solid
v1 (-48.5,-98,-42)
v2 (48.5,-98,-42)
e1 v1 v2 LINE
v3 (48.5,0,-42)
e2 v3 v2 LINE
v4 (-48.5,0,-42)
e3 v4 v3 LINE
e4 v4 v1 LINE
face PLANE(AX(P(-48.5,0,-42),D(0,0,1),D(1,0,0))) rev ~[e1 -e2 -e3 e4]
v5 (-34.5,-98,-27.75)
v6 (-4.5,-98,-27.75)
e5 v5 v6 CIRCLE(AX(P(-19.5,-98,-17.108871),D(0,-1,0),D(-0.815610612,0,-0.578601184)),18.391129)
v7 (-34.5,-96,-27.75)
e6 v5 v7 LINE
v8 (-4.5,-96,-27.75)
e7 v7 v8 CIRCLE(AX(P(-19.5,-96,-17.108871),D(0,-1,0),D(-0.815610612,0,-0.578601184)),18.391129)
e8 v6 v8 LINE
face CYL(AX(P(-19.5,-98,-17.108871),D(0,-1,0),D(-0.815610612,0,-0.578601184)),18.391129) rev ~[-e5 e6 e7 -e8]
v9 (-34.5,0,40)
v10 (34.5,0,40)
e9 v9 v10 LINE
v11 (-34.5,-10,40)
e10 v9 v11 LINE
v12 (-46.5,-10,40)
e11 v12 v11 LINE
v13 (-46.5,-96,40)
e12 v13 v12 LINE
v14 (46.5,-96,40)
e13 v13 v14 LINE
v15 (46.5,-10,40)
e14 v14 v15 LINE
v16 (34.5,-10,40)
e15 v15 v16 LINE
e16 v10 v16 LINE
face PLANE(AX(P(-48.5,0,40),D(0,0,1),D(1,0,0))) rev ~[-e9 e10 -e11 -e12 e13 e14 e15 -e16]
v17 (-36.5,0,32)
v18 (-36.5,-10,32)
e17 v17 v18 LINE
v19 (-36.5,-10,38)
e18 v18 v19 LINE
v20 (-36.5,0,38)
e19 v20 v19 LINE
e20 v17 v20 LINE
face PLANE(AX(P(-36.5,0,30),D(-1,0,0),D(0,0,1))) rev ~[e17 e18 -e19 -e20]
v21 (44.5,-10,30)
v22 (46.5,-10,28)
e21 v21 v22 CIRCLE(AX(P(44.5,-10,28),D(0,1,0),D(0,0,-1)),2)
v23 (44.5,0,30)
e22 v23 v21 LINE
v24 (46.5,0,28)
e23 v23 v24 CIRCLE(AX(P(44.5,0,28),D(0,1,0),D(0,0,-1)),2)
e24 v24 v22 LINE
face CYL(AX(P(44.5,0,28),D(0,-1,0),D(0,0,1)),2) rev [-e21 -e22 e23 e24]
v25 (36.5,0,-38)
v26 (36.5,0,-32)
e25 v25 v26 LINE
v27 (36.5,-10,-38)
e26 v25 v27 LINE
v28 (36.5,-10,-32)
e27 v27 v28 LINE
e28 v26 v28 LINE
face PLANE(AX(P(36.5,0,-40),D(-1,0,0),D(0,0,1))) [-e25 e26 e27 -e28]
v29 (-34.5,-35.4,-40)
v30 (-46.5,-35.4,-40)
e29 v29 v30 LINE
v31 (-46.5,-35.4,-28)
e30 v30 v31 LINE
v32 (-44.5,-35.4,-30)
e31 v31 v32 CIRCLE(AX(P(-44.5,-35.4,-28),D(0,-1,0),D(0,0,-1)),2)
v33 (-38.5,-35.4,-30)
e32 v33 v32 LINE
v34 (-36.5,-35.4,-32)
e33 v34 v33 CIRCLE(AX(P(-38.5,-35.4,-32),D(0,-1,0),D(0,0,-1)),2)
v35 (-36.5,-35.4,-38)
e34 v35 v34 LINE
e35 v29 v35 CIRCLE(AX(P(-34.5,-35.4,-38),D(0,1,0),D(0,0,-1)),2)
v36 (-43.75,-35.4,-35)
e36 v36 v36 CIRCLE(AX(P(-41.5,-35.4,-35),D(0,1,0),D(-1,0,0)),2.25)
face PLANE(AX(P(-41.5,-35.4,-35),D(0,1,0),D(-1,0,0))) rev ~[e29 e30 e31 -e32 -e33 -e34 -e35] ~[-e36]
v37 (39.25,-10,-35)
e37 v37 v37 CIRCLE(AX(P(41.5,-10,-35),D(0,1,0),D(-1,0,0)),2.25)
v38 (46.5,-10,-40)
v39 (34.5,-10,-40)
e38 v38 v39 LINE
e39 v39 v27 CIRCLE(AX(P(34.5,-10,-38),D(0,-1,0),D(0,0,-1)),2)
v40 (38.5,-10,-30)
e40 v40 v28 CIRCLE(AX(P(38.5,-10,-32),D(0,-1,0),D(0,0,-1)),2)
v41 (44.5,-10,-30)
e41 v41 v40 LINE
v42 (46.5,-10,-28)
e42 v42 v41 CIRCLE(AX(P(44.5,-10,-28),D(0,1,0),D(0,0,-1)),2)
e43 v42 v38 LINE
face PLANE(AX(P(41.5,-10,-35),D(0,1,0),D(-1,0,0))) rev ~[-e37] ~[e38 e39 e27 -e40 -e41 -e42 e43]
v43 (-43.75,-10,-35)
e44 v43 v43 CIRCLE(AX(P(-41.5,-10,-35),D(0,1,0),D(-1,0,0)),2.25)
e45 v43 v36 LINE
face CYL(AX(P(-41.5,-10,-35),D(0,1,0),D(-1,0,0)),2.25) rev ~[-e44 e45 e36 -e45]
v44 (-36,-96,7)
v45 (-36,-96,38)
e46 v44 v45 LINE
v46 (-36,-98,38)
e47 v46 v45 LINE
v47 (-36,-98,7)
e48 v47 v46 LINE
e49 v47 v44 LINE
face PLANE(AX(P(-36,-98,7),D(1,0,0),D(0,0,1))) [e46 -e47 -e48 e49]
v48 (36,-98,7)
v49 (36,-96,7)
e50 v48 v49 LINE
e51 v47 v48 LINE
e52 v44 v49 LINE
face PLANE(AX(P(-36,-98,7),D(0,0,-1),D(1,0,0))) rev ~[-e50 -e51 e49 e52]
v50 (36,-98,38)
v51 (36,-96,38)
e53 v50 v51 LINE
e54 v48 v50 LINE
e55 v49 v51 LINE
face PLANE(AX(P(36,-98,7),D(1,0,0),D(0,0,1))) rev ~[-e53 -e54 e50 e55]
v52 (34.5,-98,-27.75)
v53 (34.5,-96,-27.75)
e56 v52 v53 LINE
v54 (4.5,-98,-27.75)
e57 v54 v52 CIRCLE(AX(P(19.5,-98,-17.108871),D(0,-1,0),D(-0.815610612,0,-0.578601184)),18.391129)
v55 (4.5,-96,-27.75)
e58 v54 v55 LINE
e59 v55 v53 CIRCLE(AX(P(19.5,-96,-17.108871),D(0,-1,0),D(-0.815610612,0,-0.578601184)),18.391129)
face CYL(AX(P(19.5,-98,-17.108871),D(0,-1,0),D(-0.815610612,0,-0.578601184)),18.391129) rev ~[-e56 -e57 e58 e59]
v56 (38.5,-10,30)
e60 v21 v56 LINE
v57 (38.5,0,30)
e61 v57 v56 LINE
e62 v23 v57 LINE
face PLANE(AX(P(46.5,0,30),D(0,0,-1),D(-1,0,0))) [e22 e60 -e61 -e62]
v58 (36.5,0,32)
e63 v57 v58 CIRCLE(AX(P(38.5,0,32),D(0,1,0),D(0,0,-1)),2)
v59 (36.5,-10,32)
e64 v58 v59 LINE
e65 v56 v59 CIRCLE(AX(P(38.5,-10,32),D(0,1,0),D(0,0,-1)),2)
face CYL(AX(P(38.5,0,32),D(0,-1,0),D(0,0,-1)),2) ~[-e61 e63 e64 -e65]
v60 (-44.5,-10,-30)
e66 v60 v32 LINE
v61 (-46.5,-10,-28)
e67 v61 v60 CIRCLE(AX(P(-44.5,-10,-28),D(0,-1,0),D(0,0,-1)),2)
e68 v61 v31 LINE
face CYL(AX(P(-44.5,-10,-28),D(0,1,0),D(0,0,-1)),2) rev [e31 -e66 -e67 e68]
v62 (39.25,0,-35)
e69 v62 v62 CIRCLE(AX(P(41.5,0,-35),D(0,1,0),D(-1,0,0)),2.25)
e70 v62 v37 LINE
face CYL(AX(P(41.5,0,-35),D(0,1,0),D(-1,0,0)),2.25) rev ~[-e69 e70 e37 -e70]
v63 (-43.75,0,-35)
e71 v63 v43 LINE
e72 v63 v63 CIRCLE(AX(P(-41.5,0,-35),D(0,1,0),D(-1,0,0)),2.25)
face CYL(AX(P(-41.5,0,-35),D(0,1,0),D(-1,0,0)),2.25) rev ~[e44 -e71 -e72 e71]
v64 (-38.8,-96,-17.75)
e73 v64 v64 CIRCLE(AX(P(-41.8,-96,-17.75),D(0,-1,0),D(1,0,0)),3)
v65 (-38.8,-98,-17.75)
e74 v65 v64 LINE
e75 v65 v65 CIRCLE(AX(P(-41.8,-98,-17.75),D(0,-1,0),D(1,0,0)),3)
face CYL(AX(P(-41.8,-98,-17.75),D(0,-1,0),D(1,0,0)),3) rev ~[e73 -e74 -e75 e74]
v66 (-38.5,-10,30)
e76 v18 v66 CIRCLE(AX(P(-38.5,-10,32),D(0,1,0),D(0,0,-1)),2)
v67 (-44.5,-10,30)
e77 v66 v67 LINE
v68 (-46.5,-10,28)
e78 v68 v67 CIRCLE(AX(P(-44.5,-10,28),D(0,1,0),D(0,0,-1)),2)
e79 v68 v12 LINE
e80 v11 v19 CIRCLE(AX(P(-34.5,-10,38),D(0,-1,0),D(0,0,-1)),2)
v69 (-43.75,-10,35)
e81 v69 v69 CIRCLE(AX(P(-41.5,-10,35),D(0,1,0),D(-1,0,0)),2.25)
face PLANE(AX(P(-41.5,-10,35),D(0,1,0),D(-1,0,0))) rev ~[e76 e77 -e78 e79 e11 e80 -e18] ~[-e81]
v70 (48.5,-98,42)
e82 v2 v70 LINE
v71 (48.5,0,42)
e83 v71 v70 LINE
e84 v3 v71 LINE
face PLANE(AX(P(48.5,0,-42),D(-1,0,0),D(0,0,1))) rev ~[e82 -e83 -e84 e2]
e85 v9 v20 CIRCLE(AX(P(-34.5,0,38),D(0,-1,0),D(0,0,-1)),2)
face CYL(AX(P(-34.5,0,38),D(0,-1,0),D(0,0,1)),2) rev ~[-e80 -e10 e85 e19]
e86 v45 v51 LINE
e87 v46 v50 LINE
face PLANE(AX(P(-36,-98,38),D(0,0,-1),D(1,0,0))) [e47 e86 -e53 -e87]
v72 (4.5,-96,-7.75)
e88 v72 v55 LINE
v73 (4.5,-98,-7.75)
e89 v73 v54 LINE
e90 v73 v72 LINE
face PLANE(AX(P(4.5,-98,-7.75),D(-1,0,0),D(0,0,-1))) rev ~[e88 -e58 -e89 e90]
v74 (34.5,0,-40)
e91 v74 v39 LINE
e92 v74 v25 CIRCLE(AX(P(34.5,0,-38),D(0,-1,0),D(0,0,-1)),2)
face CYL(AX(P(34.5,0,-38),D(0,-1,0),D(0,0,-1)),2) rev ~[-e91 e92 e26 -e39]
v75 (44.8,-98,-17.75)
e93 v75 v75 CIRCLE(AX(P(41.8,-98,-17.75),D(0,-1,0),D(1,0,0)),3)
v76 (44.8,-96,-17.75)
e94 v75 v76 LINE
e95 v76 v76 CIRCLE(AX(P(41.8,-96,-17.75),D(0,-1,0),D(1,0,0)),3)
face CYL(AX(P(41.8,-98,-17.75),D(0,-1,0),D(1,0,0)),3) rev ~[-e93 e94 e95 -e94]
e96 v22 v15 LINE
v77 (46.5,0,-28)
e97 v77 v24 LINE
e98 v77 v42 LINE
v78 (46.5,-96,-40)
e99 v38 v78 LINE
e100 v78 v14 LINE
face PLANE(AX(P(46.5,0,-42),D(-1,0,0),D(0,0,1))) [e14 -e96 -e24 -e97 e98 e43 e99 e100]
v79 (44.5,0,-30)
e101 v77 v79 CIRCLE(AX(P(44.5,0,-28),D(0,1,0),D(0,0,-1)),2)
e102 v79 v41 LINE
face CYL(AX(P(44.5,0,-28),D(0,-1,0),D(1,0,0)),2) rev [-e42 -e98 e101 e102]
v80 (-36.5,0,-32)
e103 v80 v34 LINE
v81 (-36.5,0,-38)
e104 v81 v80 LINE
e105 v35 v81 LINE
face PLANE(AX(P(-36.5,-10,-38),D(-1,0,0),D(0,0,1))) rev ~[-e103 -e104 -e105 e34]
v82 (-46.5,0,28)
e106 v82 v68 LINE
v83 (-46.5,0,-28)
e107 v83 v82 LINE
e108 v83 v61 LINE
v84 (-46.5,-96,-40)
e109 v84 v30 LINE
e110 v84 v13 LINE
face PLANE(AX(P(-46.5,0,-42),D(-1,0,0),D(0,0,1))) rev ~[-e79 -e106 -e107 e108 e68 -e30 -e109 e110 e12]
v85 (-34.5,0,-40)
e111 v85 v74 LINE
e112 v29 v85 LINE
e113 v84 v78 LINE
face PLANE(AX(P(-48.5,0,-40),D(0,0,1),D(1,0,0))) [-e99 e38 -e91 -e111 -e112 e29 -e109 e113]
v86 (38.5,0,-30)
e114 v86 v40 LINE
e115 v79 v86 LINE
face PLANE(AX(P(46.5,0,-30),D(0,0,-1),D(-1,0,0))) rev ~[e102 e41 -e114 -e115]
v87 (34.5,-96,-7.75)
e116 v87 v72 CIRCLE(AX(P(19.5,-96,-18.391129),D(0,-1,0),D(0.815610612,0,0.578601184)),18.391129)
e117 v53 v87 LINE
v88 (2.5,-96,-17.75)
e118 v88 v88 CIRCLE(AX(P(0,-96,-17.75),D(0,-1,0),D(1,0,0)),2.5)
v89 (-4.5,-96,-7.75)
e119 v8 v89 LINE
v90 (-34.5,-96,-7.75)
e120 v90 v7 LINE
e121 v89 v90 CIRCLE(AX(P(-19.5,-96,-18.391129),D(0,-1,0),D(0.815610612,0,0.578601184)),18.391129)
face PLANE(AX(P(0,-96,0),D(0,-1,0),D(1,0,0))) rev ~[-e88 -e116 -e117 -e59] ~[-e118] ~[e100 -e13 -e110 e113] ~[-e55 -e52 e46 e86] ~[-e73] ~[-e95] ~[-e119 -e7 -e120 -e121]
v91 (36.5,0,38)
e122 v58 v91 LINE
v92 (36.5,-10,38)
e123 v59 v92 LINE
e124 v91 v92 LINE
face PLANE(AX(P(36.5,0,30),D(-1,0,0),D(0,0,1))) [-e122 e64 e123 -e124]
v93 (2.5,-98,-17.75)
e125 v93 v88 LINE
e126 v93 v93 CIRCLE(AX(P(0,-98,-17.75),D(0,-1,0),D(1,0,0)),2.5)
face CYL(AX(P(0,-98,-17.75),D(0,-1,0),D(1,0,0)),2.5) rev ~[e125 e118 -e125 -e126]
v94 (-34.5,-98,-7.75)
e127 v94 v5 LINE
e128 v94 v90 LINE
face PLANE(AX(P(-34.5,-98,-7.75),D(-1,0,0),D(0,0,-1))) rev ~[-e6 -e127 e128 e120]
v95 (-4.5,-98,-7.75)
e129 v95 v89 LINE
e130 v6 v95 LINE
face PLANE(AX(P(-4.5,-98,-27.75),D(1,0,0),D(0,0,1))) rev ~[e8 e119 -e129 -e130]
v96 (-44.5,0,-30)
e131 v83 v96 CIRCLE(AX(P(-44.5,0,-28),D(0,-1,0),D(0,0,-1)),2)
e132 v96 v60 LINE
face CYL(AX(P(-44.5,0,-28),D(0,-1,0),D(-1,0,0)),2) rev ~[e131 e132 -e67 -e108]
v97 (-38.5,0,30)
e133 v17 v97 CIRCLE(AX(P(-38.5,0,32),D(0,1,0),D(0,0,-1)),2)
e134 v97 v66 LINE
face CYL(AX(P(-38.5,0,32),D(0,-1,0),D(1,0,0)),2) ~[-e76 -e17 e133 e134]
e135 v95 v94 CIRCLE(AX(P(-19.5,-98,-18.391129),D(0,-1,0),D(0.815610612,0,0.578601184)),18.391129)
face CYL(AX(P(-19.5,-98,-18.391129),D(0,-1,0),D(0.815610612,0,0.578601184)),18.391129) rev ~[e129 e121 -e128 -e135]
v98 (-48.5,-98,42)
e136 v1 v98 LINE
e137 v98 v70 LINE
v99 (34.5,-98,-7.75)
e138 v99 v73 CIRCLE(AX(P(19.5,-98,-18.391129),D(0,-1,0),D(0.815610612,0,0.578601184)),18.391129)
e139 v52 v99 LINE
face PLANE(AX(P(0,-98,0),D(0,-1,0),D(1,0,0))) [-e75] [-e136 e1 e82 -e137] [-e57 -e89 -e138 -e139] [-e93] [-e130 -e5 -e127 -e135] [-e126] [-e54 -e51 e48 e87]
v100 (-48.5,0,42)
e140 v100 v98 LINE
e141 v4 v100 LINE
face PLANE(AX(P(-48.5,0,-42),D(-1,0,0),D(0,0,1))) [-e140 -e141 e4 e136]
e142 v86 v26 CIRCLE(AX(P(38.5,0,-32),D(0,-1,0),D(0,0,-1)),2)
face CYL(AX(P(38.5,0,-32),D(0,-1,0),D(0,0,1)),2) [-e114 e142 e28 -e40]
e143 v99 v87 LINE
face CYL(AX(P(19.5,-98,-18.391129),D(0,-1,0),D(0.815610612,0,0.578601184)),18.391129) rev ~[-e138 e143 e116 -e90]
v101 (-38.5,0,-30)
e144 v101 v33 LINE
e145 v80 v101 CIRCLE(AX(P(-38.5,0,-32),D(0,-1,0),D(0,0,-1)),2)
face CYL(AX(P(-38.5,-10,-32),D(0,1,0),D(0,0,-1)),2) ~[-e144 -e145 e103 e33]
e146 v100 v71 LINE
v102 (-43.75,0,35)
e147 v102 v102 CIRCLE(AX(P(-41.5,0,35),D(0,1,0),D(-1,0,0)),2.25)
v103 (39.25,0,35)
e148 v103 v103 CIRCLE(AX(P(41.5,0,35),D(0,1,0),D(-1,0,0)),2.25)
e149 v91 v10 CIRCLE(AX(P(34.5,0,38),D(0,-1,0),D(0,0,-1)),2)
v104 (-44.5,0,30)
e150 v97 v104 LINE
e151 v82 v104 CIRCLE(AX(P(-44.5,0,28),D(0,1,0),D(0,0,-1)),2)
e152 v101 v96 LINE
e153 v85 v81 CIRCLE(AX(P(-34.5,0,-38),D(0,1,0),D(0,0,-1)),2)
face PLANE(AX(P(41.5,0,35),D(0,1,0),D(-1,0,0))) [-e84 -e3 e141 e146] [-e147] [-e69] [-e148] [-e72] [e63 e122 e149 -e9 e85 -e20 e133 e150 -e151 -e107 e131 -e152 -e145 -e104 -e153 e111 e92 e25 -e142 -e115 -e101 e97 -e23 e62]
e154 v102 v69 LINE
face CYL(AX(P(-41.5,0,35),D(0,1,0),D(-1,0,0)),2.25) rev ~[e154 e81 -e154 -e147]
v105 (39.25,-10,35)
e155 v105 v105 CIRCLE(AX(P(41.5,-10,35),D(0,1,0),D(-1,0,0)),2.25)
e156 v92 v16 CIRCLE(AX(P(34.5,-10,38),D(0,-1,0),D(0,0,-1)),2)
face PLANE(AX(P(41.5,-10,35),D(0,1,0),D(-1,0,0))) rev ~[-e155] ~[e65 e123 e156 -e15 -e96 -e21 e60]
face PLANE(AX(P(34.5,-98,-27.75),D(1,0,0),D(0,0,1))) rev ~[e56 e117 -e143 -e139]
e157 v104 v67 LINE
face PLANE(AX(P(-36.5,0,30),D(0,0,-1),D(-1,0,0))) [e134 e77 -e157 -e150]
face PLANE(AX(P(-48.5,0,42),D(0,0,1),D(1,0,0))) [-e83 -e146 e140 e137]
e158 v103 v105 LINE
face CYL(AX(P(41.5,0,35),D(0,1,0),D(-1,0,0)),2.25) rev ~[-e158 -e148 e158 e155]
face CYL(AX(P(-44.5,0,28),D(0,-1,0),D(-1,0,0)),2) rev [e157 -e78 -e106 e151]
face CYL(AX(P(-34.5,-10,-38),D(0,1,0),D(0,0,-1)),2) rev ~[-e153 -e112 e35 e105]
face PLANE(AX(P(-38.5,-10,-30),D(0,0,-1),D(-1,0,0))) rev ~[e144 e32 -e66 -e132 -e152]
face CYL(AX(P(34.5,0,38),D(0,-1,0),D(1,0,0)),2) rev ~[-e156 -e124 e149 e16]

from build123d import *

# Parameters (mm, degrees)
F0_W     = 97
F0_H     = 84
F1_DEPTH = 98
F2_T     = -2
F3_W     = 72
F3_H     = 31
F3_R     = 2.5
F3_R_2   = 3
F4_DEPTH = 2
F5_W     = 10
F5_H     = 10
F5_R     = 2.25
F6_DEPTH = 10
F7_R     = 2
F8_DEPTH = 25.4


with BuildPart() as f1:
    # F0 (on Front) → F1 (new body)
    with BuildSketch(Plane.XZ):
        Rectangle(F0_W, F0_H)
    extrude(amount=F1_DEPTH)

    # F2
    f2_openings = [f1.faces().sort_by_distance(p)[0] for p in [
        (0, 0, 0),
    ]]
    offset(amount=F2_T, openings=f2_openings)

    # F3 (on face) → F4 (cut, through all)
    with BuildSketch(Plane.XZ.offset(98)):
        with BuildLine():
            ThreePointArc((-4.5, -7.75), (-19.5, 0), (-34.5, -7.75))
            Line((-34.5, -7.75), (-34.5, -27.75))
            ThreePointArc((-34.5, -27.75), (-19.5, -35.5), (-4.5, -27.75))
            Line((-4.5, -27.75), (-4.5, -7.75))
        make_face()
        with Locations((0, 22.5)):
            Rectangle(F3_W, F3_H)
        with BuildLine():
            Line((34.5, -27.75), (34.5, -7.75))
            ThreePointArc((34.5, -7.75), (19.5, 0), (4.5, -7.75))
            Line((4.5, -7.75), (4.5, -27.75))
            ThreePointArc((4.5, -27.75), (19.5, -35.5), (34.5, -27.75))
        make_face()
        with Locations((0, -17.75)):
            Circle(F3_R)
        with Locations((-41.8, -17.75)):
            Circle(F3_R_2)
        with Locations((41.8, -17.75)):
            Circle(F3_R_2)
    extrude(amount=-F4_DEPTH, mode=Mode.SUBTRACT)

    # F5 (on face) → F6 (join)
    with BuildSketch(Plane(origin=(0, 0, 0), x_dir=(-1, 0, 0), z_dir=(0, 1, 0))):
        with Locations((-41.5, 35)):
            Rectangle(F5_W, F5_H)
        with Locations((-41.5, 35)):
            Circle(F5_R, mode=Mode.SUBTRACT)
        with Locations((41.5, 35)):
            Rectangle(F5_W, F5_H)
        with Locations((41.5, 35)):
            Circle(F5_R, mode=Mode.SUBTRACT)
        with Locations((-41.5, -35)):
            Rectangle(F5_W, F5_H)
        with Locations((-41.5, -35)):
            Circle(F5_R, mode=Mode.SUBTRACT)
        with Locations((41.5, -35)):
            Rectangle(F5_W, F5_H)
        with Locations((41.5, -35)):
            Circle(F5_R, mode=Mode.SUBTRACT)
    extrude(amount=-F6_DEPTH)

    # F7
    f7_edges = [f1.edges().sort_by_distance(p)[0] for p in [
        (36.5, -5, 40),
        (46.5, -5, 30),
        (-36.5, -5, 40),
        (-46.5, -5, 30),
        (-36.5, -5, -40),
        (-46.5, -5, -30),
        (36.5, -5, -40),
        (46.5, -5, -30),
        (36.5, -5, 30),
        (36.5, -5, -30),
        (-36.5, -5, 30),
        (-36.5, -5, -30),
    ]]
    fillet(f7_edges, radius=F7_R)

    # F8 (add): a face of the model
    f8_faces = [f1.faces().sort_by_distance(p)[0] for p in [
        (-41.5, -10, -30.1697056275),
    ]]
    extrude(f8_faces, amount=F8_DEPTH)


solid = f1.part
